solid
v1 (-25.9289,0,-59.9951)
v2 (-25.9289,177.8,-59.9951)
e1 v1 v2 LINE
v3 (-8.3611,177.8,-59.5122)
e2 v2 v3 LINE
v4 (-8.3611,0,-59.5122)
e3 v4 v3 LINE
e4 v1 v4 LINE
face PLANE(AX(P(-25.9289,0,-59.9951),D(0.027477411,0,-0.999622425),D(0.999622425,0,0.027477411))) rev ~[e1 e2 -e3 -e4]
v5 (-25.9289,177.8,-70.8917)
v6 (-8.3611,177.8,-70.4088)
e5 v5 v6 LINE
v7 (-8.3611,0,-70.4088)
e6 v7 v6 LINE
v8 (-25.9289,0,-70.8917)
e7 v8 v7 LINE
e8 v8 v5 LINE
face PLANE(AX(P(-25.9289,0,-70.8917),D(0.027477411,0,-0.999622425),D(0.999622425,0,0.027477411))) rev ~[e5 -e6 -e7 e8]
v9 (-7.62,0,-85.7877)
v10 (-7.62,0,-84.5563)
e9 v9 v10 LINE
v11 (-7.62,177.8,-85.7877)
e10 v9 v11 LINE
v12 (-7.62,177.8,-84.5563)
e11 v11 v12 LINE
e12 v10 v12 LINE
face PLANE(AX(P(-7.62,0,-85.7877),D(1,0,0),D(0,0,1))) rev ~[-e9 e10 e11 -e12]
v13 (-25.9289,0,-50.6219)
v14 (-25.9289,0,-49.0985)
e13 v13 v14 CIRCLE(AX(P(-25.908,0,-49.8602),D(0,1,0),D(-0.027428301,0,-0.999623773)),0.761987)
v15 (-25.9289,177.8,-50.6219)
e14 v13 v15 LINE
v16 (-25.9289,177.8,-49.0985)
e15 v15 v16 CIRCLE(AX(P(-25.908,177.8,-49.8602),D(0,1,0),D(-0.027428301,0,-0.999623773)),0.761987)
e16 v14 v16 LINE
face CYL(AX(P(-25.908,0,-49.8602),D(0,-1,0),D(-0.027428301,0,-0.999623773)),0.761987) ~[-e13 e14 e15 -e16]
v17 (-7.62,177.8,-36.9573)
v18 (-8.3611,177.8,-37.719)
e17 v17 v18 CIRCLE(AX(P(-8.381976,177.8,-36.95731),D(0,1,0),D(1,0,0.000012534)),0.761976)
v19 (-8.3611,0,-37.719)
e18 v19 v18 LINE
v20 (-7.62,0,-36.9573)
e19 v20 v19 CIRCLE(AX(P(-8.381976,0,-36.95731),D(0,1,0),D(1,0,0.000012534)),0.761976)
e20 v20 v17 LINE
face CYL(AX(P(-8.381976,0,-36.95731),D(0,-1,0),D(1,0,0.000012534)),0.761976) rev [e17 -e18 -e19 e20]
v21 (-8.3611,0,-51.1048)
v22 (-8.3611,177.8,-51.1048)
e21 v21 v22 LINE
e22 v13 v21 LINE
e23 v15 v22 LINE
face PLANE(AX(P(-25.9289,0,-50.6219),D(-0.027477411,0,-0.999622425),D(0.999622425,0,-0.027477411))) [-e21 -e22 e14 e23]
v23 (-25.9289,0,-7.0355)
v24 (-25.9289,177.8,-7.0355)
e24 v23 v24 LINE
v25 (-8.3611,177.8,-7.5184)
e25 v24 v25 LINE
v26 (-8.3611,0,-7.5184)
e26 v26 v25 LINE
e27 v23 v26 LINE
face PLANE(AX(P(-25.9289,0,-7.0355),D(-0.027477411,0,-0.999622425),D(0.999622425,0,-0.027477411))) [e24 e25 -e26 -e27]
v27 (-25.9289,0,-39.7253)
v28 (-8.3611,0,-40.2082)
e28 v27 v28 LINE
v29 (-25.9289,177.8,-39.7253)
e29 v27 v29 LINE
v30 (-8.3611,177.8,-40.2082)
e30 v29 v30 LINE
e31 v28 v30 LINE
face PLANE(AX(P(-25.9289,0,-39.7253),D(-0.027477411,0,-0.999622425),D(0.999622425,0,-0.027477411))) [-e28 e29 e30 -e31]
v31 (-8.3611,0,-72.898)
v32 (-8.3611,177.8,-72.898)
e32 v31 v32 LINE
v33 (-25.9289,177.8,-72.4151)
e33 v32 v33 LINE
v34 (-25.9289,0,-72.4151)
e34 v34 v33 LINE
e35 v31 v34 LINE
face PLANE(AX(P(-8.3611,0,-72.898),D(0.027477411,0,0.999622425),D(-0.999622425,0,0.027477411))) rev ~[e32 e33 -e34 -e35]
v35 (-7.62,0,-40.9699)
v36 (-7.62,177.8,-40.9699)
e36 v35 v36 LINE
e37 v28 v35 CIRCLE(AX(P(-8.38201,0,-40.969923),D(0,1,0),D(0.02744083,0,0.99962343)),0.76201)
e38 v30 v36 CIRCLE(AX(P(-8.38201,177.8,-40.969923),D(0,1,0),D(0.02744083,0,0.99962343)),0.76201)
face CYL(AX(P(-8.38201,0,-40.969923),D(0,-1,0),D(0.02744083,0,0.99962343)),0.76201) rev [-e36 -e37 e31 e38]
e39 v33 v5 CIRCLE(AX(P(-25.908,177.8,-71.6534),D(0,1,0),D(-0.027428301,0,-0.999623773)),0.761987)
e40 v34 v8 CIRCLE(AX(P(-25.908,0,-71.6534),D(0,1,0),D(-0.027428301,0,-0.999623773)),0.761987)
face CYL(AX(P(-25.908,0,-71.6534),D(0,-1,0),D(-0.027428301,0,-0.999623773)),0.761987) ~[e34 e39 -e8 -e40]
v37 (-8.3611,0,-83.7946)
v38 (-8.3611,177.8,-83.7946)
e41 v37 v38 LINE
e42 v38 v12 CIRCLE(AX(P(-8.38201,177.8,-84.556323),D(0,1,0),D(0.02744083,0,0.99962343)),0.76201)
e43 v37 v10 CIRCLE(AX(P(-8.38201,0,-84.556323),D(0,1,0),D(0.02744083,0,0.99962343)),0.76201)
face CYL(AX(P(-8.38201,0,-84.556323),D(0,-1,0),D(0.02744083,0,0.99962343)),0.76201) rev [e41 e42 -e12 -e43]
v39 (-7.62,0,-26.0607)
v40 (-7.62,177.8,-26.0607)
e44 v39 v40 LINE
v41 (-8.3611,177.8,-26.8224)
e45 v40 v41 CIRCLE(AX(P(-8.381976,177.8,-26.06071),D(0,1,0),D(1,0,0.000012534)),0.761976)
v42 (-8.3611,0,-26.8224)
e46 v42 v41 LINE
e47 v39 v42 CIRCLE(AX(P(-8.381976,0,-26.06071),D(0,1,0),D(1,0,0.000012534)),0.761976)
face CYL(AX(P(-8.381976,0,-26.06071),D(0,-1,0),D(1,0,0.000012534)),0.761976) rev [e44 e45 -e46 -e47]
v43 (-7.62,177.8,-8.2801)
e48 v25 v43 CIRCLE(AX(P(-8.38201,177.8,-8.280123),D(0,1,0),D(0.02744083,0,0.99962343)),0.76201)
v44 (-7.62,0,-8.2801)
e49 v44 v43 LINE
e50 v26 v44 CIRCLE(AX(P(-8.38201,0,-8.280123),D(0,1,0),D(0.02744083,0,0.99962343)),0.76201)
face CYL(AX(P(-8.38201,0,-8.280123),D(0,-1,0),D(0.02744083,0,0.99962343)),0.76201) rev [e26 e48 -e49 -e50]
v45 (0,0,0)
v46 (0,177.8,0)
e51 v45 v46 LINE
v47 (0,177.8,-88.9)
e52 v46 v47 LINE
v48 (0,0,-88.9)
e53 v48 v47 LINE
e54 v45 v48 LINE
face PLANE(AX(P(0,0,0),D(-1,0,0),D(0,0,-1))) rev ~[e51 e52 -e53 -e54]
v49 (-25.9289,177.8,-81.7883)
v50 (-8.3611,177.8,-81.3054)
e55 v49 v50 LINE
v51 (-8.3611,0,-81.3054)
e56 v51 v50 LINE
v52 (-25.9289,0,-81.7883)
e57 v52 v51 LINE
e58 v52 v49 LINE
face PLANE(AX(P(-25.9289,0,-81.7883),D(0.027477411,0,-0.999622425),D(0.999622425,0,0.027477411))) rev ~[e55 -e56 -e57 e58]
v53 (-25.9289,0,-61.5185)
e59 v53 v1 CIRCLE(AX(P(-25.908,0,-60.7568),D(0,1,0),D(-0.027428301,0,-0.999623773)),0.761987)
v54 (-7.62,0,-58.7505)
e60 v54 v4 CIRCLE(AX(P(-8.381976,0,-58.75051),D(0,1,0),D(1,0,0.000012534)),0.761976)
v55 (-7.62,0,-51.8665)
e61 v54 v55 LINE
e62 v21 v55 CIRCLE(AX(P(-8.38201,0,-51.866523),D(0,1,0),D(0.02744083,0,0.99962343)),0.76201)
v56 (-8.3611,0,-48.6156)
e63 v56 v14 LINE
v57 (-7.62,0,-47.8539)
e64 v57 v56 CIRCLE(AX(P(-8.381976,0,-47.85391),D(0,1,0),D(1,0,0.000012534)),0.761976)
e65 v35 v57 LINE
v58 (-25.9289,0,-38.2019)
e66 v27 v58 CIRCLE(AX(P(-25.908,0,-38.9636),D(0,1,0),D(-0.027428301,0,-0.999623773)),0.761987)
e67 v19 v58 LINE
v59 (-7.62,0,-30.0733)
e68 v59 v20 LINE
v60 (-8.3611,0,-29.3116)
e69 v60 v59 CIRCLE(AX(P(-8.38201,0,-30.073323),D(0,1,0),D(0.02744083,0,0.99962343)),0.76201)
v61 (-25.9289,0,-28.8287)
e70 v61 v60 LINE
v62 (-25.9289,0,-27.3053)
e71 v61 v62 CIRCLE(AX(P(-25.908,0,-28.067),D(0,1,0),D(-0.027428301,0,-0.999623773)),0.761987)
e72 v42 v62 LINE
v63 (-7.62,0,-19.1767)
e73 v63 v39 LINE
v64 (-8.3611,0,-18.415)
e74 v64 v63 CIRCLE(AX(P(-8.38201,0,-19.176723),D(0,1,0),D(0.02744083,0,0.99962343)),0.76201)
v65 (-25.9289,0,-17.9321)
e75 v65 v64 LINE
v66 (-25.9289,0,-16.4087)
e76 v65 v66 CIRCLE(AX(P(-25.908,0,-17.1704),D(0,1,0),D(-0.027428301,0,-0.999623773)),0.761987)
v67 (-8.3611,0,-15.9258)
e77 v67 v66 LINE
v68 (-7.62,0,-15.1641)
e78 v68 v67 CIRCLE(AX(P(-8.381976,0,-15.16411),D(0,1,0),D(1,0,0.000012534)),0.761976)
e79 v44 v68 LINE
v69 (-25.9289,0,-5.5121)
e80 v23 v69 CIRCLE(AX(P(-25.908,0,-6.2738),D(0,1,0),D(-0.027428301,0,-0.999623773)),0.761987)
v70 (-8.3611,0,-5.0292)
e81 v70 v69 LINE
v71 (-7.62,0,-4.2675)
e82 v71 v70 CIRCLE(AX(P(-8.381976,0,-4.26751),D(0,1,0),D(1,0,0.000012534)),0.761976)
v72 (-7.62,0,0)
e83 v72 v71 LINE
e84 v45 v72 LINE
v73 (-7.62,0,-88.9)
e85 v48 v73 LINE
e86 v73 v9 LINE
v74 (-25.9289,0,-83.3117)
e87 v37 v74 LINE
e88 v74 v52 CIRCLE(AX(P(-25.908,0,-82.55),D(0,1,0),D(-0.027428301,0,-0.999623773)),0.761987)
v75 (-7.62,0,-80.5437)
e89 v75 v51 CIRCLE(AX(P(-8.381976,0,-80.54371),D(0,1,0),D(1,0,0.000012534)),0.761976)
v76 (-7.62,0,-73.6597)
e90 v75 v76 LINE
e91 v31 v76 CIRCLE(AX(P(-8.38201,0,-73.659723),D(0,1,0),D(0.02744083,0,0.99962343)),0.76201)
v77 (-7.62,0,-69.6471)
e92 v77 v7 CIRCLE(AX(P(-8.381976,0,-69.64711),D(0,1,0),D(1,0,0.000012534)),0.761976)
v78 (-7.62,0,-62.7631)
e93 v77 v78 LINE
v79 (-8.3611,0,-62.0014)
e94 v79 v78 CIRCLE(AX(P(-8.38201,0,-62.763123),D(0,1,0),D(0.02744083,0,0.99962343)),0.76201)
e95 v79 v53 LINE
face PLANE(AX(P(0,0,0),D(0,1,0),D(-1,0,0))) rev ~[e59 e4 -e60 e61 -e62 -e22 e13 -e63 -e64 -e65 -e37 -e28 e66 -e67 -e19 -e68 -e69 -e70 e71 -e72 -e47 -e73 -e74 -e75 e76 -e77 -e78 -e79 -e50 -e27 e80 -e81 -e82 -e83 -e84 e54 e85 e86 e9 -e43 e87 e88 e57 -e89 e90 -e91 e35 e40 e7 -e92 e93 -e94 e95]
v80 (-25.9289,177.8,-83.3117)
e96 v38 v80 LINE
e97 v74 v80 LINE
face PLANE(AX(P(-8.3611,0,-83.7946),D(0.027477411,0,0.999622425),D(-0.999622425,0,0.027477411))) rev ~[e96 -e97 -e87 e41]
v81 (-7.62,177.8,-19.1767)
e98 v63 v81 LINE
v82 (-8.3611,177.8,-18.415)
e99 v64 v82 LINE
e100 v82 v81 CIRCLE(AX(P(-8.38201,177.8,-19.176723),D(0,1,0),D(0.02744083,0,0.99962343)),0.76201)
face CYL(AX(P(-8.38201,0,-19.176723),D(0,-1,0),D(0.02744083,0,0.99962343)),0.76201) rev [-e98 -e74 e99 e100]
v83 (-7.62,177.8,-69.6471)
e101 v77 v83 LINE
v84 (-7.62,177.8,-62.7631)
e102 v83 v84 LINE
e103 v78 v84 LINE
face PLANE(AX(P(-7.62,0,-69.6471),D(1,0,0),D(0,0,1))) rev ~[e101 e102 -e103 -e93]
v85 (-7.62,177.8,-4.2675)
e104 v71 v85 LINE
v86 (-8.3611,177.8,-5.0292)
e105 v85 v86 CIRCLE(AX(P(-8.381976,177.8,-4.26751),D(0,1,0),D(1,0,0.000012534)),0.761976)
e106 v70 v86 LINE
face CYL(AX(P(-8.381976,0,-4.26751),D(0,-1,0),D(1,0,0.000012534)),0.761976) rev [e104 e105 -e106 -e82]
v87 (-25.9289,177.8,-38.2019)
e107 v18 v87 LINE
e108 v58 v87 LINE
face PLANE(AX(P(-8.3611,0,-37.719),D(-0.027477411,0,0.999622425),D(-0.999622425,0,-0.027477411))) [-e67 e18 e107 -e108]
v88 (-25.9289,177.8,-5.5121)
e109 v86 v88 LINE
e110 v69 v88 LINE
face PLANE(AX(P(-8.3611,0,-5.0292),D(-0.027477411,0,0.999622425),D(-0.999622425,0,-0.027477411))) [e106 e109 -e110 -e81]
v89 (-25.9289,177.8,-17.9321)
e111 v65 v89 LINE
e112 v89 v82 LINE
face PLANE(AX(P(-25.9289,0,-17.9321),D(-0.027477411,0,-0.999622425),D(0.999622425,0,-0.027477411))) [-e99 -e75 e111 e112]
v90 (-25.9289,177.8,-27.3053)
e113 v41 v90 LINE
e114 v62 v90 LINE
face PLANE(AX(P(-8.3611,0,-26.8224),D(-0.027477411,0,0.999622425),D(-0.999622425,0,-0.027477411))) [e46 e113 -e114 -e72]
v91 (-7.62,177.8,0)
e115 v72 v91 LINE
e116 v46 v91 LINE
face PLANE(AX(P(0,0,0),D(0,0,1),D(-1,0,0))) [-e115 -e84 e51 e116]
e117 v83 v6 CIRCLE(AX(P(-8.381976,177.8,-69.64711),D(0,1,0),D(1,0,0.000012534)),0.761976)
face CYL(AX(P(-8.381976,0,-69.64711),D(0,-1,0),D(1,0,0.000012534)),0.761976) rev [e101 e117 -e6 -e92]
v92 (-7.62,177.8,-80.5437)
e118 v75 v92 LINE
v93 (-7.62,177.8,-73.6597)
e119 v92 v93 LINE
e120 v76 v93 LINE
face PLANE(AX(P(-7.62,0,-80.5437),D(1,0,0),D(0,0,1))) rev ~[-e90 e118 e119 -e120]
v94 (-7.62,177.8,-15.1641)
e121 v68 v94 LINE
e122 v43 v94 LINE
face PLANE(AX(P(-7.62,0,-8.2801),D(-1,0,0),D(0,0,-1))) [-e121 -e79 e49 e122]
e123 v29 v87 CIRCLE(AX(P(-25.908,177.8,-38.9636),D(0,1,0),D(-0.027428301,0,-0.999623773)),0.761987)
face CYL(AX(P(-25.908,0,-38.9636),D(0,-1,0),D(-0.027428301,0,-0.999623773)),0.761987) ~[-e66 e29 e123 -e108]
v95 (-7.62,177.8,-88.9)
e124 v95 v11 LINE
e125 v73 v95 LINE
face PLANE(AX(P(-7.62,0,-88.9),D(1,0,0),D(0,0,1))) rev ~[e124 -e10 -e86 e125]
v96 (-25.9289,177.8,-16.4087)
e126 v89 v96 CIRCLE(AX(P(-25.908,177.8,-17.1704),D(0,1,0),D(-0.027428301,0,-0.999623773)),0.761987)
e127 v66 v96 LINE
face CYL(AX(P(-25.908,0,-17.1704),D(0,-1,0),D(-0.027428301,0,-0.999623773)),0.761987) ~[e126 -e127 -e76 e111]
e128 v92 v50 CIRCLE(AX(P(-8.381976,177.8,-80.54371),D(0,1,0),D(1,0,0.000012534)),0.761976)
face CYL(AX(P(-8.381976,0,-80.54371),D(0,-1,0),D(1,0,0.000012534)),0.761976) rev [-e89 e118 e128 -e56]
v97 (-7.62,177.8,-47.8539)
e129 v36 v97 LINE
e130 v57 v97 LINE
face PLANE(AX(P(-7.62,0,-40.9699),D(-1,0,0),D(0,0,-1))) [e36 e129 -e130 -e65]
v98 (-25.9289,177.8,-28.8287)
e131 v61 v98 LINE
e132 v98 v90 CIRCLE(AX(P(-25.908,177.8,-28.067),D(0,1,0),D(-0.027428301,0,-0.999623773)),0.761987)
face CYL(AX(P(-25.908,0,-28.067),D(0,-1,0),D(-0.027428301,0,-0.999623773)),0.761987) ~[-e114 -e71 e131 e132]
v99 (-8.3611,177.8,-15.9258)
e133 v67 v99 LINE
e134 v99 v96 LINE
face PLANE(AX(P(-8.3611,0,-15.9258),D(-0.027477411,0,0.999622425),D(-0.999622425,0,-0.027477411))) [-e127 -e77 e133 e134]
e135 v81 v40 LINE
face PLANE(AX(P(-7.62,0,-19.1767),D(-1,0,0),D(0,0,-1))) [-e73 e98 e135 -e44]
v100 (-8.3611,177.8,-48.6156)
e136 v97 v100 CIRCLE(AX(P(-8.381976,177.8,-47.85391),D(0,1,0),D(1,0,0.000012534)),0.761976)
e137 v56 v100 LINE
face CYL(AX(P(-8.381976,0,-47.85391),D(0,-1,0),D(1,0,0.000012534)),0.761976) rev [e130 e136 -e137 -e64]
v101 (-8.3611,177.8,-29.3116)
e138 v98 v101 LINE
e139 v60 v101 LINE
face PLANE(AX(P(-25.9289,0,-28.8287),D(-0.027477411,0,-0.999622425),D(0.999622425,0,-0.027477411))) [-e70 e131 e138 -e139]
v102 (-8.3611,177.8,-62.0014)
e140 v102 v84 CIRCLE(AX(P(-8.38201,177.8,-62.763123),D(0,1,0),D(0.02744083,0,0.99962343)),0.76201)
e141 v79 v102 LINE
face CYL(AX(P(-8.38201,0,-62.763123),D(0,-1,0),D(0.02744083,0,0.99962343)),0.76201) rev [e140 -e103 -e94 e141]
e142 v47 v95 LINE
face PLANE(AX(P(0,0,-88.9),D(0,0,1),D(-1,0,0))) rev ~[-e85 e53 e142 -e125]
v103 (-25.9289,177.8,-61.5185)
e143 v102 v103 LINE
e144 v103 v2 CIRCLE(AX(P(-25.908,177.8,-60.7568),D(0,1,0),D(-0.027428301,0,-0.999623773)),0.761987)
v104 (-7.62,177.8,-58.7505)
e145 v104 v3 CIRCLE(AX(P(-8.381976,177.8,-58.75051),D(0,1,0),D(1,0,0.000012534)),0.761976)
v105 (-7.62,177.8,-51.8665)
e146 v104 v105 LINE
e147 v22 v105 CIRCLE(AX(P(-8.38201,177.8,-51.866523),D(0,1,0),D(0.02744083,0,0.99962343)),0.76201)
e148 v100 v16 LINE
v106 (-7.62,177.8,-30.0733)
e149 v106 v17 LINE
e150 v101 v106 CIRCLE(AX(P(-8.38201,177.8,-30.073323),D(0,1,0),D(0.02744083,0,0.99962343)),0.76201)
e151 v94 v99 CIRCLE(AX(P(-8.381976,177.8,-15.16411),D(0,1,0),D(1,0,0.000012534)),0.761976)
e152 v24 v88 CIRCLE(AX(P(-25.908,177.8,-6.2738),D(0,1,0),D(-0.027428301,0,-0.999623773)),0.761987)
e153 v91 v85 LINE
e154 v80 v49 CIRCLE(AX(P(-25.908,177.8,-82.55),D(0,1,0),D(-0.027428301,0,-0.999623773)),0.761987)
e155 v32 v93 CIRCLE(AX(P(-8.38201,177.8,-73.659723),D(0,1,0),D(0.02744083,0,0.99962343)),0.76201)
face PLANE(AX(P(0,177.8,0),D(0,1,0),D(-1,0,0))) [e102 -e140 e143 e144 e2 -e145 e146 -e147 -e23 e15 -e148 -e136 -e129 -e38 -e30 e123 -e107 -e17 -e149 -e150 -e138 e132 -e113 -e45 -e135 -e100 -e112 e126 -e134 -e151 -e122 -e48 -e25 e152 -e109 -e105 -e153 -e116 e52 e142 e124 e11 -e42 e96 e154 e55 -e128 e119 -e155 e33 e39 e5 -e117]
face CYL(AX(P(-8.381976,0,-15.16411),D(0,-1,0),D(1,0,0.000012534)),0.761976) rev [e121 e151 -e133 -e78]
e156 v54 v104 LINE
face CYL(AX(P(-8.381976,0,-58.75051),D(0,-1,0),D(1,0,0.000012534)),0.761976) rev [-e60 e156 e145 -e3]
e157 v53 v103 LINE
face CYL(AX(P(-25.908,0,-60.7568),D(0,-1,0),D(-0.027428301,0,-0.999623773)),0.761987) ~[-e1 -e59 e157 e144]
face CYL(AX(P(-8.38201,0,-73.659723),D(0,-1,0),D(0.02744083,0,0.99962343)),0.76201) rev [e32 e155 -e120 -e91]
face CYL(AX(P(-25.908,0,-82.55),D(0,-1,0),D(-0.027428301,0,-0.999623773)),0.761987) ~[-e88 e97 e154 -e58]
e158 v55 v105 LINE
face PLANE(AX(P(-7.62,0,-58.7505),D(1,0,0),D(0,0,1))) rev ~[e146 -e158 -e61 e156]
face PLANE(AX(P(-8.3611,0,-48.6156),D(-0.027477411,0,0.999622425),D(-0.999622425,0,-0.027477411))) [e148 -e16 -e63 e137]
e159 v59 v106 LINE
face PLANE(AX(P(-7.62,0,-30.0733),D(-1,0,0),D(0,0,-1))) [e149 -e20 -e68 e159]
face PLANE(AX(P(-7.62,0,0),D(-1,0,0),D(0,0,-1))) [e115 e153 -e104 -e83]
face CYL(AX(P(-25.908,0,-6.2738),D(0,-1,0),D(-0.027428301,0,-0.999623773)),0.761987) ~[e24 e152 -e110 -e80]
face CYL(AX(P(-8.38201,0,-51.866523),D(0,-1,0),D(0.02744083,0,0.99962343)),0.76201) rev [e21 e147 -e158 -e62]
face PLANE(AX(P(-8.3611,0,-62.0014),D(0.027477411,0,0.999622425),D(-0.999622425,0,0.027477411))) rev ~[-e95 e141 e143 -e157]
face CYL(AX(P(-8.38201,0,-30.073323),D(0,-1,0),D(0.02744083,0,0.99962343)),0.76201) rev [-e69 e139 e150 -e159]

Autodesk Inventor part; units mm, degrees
ref_plane "YZ Plane" through (0, 0, 0) normal (1, 0, 0) x (0, 1, 0)
ref_plane "XZ Plane" through (0, 0, 0) normal (0, 1, 0) x (-1, 0, 0)
ref_plane "XY Plane" through (0, 0, 0) normal (0, 0, 1) x (1, 0, 0)
sketch "Sketch1" plane through (0, 0, 0) normal (0, 1, 0) x (-1, 0, 0)
  line L0 (0, 0) -> (0, -88.9)
  line L1 (0, -88.9) -> (7.62, -88.9)
  line L2 (7.62, -88.9) -> (7.62, -85.7877)
  line L3 (0, 0) -> (7.62, 0)
  line L4 (7.62, 0) -> (7.62, -4.2675)
  line L5 (8.3611, -5.0292) -> (25.9289, -5.5121)
  line L6 (25.9289, -7.0355) -> (8.3611, -7.5184)
  line L7 (7.62, -8.2801) -> (7.62, -15.1641)
  line L8 (8.3611, -15.9258) -> (25.9289, -16.4087)
  line L9 (25.9289, -17.9321) -> (8.3611, -18.415)
  line L10 (7.62, -19.1767) -> (7.62, -26.0607)
  line L11 (8.3611, -26.8224) -> (25.9289, -27.3053)
  line L12 (25.9289, -28.8287) -> (8.3611, -29.3116)
  line L13 (7.62, -30.0733) -> (7.62, -36.9573)
  line L14 (8.3611, -37.719) -> (25.9289, -38.2019)
  line L15 (25.9289, -39.7253) -> (8.3611, -40.2082)
  line L16 (7.62, -85.7877) -> (7.62, -84.5563)
  line L17 (8.3611, -83.7946) -> (25.9289, -83.3117)
  line L18 (25.9289, -81.7883) -> (8.3611, -81.3054)
  line L19 (7.62, -80.5437) -> (7.62, -73.6597)
  line L20 (8.3611, -72.898) -> (25.9289, -72.4151)
  line L21 (25.9289, -70.8917) -> (8.3611, -70.4088)
  line L22 (7.62, -69.6471) -> (7.62, -62.7631)
  line L23 (8.3611, -62.0014) -> (25.9289, -61.5185)
  line L24 (25.9289, -59.9951) -> (8.3611, -59.5122)
  line L25 (7.62, -58.7505) -> (7.62, -51.8665)
  line L26 (7.62, -40.9699) -> (7.62, -47.8539)
  line L27 (8.3611, -48.6156) -> (25.9289, -49.0985)
  line L28 (25.9289, -50.6219) -> (8.3611, -51.1048)
  arc A0 (25.9289, -7.0355) -> (25.9289, -5.5121) centre (25.908, -6.2738) ccw
  arc A1 (25.9289, -17.9321) -> (25.9289, -16.4087) centre (25.908, -17.1704) ccw
  arc A2 (25.9289, -28.8287) -> (25.9289, -27.3053) centre (25.908, -28.067) ccw
  arc A3 (25.9289, -39.7253) -> (25.9289, -38.2019) centre (25.908, -38.9636) ccw
  arc A4 (25.9289, -50.6219) -> (25.9289, -49.0985) centre (25.908, -49.8602) ccw
  arc A5 (25.9289, -61.5185) -> (25.9289, -59.9951) centre (25.908, -60.7568) ccw
  arc A6 (25.9289, -72.4151) -> (25.9289, -70.8917) centre (25.908, -71.6534) ccw
  arc A7 (25.9289, -83.3117) -> (25.9289, -81.7883) centre (25.908, -82.55) ccw
  arc A8 (7.62, -4.2675) -> (8.3611, -5.0292) centre (8.382, -4.2675) ccw
  arc A9 (8.3611, -7.5184) -> (7.62, -8.2801) centre (8.382, -8.2801) ccw
  arc A10 (7.62, -15.1641) -> (8.3611, -15.9258) centre (8.382, -15.1641) ccw
  arc A11 (8.3611, -18.415) -> (7.62, -19.1767) centre (8.382, -19.1767) ccw
  arc A12 (7.62, -26.0607) -> (8.3611, -26.8224) centre (8.382, -26.0607) ccw
  arc A13 (8.3611, -29.3116) -> (7.62, -30.0733) centre (8.382, -30.0733) ccw
  arc A14 (7.62, -36.9573) -> (8.3611, -37.719) centre (8.382, -36.9573) ccw
  arc A15 (8.3611, -40.2082) -> (7.62, -40.9699) centre (8.382, -40.9699) ccw
  arc A16 (7.62, -47.8539) -> (8.3611, -48.6156) centre (8.382, -47.8539) ccw
  arc A17 (8.3611, -51.1048) -> (7.62, -51.8665) centre (8.382, -51.8665) ccw
  arc A18 (7.62, -58.7505) -> (8.3611, -59.5122) centre (8.382, -58.7505) ccw
  arc A19 (8.3611, -62.0014) -> (7.62, -62.7631) centre (8.382, -62.7631) ccw
  arc A20 (7.62, -69.6471) -> (8.3611, -70.4088) centre (8.382, -69.6471) ccw
  arc A21 (8.3611, -72.898) -> (7.62, -73.6597) centre (8.382, -73.6597) ccw
  arc A22 (7.62, -80.5437) -> (8.3611, -81.3054) centre (8.382, -80.5437) ccw
  arc A23 (8.3611, -83.7946) -> (7.62, -84.5563) centre (8.382, -84.5563) ccw
  point P0 (7.62, -7.5388)
  point P1 (7.62, -15.9054)
  point P2 (7.62, -18.4354)
  point P3 (7.62, -26.802)
  point P4 (7.62, -29.332)
  point P5 (7.62, -37.6986)
  point P6 (7.62, -40.2286)
  point P7 (7.62, -81.285)
  point P8 (7.62, -72.9184)
  point P9 (7.62, -70.3884)
  point P10 (7.62, -62.0218)
  point P11 (7.62, -59.4918)
  point P12 (7.62, -51.1252)
  point P13 (26.67, -82.55)
  point P14 (3.81, -88.9)
  dimension "d0" = 88.9
  dimension "d1" = 7.62
  dimension "d3" = 0.762
  dimension "d4" = 0.762
  dimension "d5" = 0.762
  dimension "d6" = 26.67
  dimension "d8" = 2.4892
  dimension "d9" = 6.35
  dimension "d10" = 10.8966
extrude "Extrusion1" add sketch "Sketch1" along normal blind 177.8
properties part number "HeatSink3.5-7in stock"
